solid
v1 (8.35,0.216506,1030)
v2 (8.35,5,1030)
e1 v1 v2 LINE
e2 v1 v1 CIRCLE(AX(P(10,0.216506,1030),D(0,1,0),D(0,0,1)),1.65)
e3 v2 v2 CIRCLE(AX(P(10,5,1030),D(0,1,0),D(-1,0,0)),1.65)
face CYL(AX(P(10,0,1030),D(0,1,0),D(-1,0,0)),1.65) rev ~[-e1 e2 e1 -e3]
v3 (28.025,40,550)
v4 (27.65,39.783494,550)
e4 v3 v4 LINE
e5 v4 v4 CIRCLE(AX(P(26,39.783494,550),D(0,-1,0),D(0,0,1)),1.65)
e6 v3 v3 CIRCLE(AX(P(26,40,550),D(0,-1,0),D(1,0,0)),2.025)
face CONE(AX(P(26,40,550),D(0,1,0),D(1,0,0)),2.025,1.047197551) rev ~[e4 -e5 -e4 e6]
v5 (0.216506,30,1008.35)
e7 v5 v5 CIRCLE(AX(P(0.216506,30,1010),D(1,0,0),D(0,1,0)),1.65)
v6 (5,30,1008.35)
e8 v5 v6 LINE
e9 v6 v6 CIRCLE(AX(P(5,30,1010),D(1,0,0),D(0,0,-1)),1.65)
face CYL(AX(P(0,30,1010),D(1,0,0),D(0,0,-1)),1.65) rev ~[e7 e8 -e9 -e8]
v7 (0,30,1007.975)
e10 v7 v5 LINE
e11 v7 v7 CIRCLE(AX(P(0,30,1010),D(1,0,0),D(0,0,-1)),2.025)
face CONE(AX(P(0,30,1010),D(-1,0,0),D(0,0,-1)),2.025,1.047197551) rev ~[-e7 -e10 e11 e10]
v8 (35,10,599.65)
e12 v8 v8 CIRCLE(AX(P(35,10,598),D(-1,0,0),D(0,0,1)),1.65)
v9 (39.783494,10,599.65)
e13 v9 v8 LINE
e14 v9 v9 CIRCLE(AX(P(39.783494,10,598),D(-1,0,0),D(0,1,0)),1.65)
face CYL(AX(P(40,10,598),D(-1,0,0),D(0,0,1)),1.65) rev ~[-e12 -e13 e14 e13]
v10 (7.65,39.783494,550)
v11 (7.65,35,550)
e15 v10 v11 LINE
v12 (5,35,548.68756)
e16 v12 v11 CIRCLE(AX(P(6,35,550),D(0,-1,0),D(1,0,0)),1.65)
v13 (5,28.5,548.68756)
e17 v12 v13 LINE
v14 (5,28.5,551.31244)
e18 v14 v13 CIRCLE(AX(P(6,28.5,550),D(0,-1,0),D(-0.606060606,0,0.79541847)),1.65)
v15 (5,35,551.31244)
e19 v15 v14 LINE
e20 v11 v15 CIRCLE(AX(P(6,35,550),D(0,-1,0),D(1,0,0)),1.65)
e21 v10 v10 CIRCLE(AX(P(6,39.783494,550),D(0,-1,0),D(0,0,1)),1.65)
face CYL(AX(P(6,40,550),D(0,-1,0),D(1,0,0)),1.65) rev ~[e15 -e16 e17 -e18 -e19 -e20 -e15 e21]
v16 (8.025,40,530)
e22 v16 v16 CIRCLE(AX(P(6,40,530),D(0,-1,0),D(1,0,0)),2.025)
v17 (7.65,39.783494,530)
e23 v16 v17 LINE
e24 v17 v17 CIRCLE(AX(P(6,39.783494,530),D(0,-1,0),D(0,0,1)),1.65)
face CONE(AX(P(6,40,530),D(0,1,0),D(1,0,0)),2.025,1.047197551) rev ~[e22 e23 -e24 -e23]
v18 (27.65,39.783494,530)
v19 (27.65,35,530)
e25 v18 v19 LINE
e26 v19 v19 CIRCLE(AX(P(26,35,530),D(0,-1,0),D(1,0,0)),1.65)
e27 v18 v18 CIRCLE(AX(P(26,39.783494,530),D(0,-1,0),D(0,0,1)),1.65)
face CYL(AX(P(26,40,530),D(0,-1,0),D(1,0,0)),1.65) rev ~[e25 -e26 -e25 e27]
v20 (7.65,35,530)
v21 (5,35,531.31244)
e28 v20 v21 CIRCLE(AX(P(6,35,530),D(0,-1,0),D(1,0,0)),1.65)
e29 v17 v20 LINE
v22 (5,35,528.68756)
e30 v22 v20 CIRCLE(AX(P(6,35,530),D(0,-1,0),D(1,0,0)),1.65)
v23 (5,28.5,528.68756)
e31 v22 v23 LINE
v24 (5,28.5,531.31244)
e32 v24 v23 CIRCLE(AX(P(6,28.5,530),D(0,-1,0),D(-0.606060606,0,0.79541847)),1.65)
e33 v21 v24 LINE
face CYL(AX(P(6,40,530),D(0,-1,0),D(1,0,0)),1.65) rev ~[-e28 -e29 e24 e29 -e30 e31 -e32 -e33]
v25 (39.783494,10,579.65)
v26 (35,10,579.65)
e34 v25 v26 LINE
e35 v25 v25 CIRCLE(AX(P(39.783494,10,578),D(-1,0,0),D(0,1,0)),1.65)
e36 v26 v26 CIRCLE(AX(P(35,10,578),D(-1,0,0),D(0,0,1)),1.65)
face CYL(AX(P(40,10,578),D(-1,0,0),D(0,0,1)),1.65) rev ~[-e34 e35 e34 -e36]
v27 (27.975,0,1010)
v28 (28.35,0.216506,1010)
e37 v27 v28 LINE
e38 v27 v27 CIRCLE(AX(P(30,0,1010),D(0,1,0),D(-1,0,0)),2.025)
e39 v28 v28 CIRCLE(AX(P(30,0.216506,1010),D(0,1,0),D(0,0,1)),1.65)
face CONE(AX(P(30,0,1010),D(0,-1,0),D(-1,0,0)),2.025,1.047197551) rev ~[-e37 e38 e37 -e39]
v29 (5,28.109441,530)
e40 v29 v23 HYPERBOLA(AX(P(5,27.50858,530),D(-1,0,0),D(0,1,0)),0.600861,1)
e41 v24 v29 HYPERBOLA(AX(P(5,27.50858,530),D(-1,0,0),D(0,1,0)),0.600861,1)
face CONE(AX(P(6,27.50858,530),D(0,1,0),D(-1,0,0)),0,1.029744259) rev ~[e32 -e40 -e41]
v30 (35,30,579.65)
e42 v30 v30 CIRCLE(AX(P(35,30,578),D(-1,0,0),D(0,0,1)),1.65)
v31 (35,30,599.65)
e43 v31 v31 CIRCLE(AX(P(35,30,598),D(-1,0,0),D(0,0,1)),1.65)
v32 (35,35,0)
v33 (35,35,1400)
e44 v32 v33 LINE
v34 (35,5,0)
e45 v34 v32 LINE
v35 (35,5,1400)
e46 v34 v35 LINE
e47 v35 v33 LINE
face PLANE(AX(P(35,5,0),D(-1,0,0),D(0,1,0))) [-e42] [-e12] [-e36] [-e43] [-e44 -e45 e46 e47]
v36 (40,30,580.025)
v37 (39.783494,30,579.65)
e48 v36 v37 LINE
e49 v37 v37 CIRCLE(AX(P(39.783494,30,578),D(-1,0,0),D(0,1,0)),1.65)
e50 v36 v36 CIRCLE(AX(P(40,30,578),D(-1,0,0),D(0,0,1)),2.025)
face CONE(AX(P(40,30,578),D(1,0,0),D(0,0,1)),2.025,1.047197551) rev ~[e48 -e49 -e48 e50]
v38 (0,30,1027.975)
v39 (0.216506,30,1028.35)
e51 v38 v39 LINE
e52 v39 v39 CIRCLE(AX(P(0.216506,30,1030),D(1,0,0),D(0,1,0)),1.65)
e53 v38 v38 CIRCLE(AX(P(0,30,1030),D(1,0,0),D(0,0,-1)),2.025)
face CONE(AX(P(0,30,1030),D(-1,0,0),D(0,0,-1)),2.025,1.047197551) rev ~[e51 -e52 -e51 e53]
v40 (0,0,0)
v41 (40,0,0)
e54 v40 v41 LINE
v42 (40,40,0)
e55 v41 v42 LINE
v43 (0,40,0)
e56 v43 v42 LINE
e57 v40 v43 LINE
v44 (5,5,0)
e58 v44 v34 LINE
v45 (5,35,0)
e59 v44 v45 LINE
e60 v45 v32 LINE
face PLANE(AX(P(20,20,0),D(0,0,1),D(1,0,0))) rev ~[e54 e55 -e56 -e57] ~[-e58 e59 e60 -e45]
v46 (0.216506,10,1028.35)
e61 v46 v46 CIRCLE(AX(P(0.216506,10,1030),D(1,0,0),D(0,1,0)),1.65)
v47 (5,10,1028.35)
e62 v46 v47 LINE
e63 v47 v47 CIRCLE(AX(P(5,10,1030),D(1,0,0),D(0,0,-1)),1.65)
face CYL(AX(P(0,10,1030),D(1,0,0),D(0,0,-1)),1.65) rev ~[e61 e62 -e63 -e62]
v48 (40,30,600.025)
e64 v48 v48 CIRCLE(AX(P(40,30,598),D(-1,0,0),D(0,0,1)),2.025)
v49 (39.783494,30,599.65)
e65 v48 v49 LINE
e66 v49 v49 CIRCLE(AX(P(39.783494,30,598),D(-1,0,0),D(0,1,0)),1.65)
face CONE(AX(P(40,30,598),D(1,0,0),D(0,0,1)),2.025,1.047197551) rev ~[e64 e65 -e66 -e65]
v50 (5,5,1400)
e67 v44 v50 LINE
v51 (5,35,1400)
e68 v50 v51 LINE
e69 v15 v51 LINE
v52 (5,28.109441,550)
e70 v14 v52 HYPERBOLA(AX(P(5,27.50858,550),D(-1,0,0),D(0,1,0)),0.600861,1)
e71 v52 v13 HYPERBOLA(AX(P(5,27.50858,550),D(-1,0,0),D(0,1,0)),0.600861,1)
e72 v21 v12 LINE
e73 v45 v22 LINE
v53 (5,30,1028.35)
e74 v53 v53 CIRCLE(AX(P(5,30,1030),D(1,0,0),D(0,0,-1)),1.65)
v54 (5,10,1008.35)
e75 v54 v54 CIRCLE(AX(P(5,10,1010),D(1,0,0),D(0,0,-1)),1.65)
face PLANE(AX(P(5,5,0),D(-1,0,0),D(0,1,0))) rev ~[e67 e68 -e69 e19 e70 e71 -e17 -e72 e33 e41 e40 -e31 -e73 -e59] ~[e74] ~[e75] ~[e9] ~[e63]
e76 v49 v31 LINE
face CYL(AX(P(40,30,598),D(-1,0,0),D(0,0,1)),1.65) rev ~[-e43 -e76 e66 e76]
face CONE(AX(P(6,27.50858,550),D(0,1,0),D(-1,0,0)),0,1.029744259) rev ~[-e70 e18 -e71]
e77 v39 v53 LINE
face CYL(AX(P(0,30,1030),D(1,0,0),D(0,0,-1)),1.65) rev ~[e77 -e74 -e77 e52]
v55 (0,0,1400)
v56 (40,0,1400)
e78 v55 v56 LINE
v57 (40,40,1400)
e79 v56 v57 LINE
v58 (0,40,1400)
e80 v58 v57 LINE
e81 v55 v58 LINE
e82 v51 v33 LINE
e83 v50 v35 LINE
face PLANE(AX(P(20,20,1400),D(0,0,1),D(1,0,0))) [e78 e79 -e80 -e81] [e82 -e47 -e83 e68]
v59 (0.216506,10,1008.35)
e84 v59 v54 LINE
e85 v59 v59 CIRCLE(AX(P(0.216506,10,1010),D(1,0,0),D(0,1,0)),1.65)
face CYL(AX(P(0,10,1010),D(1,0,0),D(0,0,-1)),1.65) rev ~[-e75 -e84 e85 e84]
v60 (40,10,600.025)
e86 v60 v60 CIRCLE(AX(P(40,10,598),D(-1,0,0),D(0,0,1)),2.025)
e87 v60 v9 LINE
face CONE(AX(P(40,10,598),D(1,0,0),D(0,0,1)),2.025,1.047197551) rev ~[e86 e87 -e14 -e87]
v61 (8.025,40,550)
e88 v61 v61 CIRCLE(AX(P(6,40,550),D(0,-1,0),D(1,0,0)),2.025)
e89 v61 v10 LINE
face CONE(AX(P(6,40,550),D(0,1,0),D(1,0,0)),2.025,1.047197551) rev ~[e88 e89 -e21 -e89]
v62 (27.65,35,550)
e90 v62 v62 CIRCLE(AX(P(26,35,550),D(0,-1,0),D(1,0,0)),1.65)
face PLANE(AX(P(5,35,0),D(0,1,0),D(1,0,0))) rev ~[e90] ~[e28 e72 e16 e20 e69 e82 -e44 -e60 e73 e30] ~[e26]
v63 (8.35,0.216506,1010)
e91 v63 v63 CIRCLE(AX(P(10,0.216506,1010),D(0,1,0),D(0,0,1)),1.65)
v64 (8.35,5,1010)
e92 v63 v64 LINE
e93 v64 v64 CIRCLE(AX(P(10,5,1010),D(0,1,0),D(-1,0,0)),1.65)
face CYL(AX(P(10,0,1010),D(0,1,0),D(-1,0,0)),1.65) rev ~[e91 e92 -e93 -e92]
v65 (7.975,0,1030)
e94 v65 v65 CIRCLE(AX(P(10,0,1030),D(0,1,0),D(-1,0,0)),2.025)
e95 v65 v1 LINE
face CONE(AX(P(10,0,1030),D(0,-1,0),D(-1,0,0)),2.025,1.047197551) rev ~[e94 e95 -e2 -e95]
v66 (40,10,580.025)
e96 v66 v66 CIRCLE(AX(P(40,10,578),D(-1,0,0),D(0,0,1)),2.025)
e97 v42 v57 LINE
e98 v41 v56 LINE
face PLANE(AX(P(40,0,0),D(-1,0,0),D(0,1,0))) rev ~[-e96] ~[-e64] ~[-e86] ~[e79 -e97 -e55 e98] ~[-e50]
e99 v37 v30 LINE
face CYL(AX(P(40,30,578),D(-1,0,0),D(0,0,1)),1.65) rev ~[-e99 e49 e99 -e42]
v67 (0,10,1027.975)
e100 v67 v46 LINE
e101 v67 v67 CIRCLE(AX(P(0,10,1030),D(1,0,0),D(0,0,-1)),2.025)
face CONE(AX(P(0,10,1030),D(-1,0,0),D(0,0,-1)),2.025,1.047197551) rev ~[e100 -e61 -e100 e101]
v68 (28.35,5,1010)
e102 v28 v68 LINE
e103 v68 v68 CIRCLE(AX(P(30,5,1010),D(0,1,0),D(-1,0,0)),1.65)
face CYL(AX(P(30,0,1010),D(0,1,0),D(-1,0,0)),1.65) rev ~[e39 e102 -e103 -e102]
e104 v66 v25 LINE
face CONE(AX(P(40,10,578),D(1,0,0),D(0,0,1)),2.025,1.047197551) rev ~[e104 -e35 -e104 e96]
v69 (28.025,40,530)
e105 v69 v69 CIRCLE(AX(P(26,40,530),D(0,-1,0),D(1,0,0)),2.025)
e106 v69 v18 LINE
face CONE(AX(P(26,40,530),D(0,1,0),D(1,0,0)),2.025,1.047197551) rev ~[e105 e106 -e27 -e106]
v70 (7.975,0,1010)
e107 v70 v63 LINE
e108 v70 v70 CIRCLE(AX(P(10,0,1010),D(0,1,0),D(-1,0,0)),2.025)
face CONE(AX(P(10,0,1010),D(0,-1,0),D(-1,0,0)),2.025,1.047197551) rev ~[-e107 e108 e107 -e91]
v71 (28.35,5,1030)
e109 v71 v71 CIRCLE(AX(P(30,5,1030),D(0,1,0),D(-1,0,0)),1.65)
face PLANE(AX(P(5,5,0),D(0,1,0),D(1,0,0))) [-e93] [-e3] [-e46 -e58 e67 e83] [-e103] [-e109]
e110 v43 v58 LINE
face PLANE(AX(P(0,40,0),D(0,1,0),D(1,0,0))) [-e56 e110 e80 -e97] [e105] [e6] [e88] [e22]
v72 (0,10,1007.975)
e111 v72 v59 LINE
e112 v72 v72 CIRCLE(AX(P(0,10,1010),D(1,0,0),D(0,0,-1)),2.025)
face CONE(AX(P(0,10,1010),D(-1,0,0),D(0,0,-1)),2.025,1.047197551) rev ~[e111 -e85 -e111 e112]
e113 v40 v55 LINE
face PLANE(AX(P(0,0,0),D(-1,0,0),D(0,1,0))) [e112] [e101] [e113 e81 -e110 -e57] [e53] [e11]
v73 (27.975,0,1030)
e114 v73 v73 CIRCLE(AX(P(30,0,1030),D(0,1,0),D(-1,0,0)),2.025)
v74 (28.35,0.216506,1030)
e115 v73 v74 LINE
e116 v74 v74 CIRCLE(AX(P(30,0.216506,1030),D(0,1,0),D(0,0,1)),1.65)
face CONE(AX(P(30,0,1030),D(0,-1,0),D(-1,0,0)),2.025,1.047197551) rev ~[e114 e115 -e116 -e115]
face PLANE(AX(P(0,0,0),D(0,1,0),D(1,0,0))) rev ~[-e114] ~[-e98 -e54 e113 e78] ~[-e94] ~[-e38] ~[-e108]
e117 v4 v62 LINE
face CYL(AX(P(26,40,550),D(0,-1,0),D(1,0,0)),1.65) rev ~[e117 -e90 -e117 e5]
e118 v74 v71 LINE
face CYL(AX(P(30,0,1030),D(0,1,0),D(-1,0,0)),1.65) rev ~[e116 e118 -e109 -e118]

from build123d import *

# Parameters (mm, degrees)
SKETCH_1_W                  = 40
SKETCH_1_H                  = 40
SKETCH_1_W_2                = 30
SKETCH_1_H_2                = 30
EXTRUDE_1_DEPTH             = 1400
HOLE_WIZARD_M41_D           = 3.3
HOLE_WIZARD_M41_DEPTH       = 11.5
HOLE_WIZARD_M41_CSINK_D     = 4.05
HOLE_WIZARD_M41_CSINK_ANGLE = 120
HOLE_WIZARD_M41_TIP         = 0.991420021
HOLE_WIZARD_M42_D           = 3.3
HOLE_WIZARD_M42_DEPTH       = 11.5
HOLE_WIZARD_M42_CSINK_D     = 4.05
HOLE_WIZARD_M42_CSINK_ANGLE = 120
HOLE_WIZARD_M42_TIP         = 0.991420021
HOLE_WIZARD_M43_D           = 3.3
HOLE_WIZARD_M43_DEPTH       = 11.5
HOLE_WIZARD_M43_CSINK_D     = 4.05
HOLE_WIZARD_M43_CSINK_ANGLE = 120
HOLE_WIZARD_M43_TIP         = 0.991420021
HOLE_WIZARD_M44_D           = 3.3
HOLE_WIZARD_M44_DEPTH       = 11.5
HOLE_WIZARD_M44_CSINK_D     = 4.05
HOLE_WIZARD_M44_CSINK_ANGLE = 120
HOLE_WIZARD_M44_TIP         = 0.991420021


with BuildPart() as part:
    # Эскиз1 → Вытянуть-Тонкостенный1 (new body)
    with BuildSketch(Plane.XY):
        with Locations((20, 20)):
            Rectangle(SKETCH_1_W, SKETCH_1_H)
        with Locations((20, 20)):
            Rectangle(SKETCH_1_W_2, SKETCH_1_H_2, mode=Mode.SUBTRACT)
    extrude(amount=EXTRUDE_1_DEPTH)

    # Отверстие обработанное метчиком M41
    with Locations(Plane.ZY):
        with Locations((1030, 30), (1010, 30), (1030, 10), (1010, 10)):
            CounterSinkHole(HOLE_WIZARD_M41_D / 2, HOLE_WIZARD_M41_CSINK_D / 2, depth=HOLE_WIZARD_M41_DEPTH, counter_sink_angle=HOLE_WIZARD_M41_CSINK_ANGLE)
            with Locations((0, 0, -(HOLE_WIZARD_M41_DEPTH + HOLE_WIZARD_M41_TIP / 2))):  # 118° drill point
                Cone(0, HOLE_WIZARD_M41_D / 2, HOLE_WIZARD_M41_TIP, mode=Mode.SUBTRACT)

    # Отверстие обработанное метчиком M42
    with Locations(Plane(origin=(40, 0, 0), x_dir=(0, 0, -1), z_dir=(1, 0, 0))):
        with Locations((-598, 30), (-578, 30), (-598, 10), (-578, 10)):
            CounterSinkHole(HOLE_WIZARD_M42_D / 2, HOLE_WIZARD_M42_CSINK_D / 2, depth=HOLE_WIZARD_M42_DEPTH, counter_sink_angle=HOLE_WIZARD_M42_CSINK_ANGLE)
            with Locations((0, 0, -(HOLE_WIZARD_M42_DEPTH + HOLE_WIZARD_M42_TIP / 2))):  # 118° drill point
                Cone(0, HOLE_WIZARD_M42_D / 2, HOLE_WIZARD_M42_TIP, mode=Mode.SUBTRACT)

    # Отверстие обработанное метчиком M43
    with Locations(Plane.XZ):
        with Locations((30, 1030), (10, 1030), (30, 1010), (10, 1010)):
            CounterSinkHole(HOLE_WIZARD_M43_D / 2, HOLE_WIZARD_M43_CSINK_D / 2, depth=HOLE_WIZARD_M43_DEPTH, counter_sink_angle=HOLE_WIZARD_M43_CSINK_ANGLE)
            with Locations((0, 0, -(HOLE_WIZARD_M43_DEPTH + HOLE_WIZARD_M43_TIP / 2))):  # 118° drill point
                Cone(0, HOLE_WIZARD_M43_D / 2, HOLE_WIZARD_M43_TIP, mode=Mode.SUBTRACT)

    # Отверстие обработанное метчиком M44
    with Locations(Plane(origin=(0, 40, 0), x_dir=(-1, 0, 0), z_dir=(0, 1, 0))):
        with Locations((-6, 550), (-26, 550), (-6, 530), (-26, 530)):
            CounterSinkHole(HOLE_WIZARD_M44_D / 2, HOLE_WIZARD_M44_CSINK_D / 2, depth=HOLE_WIZARD_M44_DEPTH, counter_sink_angle=HOLE_WIZARD_M44_CSINK_ANGLE)
            with Locations((0, 0, -(HOLE_WIZARD_M44_DEPTH + HOLE_WIZARD_M44_TIP / 2))):  # 118° drill point
                Cone(0, HOLE_WIZARD_M44_D / 2, HOLE_WIZARD_M44_TIP, mode=Mode.SUBTRACT)


solid = part.part
